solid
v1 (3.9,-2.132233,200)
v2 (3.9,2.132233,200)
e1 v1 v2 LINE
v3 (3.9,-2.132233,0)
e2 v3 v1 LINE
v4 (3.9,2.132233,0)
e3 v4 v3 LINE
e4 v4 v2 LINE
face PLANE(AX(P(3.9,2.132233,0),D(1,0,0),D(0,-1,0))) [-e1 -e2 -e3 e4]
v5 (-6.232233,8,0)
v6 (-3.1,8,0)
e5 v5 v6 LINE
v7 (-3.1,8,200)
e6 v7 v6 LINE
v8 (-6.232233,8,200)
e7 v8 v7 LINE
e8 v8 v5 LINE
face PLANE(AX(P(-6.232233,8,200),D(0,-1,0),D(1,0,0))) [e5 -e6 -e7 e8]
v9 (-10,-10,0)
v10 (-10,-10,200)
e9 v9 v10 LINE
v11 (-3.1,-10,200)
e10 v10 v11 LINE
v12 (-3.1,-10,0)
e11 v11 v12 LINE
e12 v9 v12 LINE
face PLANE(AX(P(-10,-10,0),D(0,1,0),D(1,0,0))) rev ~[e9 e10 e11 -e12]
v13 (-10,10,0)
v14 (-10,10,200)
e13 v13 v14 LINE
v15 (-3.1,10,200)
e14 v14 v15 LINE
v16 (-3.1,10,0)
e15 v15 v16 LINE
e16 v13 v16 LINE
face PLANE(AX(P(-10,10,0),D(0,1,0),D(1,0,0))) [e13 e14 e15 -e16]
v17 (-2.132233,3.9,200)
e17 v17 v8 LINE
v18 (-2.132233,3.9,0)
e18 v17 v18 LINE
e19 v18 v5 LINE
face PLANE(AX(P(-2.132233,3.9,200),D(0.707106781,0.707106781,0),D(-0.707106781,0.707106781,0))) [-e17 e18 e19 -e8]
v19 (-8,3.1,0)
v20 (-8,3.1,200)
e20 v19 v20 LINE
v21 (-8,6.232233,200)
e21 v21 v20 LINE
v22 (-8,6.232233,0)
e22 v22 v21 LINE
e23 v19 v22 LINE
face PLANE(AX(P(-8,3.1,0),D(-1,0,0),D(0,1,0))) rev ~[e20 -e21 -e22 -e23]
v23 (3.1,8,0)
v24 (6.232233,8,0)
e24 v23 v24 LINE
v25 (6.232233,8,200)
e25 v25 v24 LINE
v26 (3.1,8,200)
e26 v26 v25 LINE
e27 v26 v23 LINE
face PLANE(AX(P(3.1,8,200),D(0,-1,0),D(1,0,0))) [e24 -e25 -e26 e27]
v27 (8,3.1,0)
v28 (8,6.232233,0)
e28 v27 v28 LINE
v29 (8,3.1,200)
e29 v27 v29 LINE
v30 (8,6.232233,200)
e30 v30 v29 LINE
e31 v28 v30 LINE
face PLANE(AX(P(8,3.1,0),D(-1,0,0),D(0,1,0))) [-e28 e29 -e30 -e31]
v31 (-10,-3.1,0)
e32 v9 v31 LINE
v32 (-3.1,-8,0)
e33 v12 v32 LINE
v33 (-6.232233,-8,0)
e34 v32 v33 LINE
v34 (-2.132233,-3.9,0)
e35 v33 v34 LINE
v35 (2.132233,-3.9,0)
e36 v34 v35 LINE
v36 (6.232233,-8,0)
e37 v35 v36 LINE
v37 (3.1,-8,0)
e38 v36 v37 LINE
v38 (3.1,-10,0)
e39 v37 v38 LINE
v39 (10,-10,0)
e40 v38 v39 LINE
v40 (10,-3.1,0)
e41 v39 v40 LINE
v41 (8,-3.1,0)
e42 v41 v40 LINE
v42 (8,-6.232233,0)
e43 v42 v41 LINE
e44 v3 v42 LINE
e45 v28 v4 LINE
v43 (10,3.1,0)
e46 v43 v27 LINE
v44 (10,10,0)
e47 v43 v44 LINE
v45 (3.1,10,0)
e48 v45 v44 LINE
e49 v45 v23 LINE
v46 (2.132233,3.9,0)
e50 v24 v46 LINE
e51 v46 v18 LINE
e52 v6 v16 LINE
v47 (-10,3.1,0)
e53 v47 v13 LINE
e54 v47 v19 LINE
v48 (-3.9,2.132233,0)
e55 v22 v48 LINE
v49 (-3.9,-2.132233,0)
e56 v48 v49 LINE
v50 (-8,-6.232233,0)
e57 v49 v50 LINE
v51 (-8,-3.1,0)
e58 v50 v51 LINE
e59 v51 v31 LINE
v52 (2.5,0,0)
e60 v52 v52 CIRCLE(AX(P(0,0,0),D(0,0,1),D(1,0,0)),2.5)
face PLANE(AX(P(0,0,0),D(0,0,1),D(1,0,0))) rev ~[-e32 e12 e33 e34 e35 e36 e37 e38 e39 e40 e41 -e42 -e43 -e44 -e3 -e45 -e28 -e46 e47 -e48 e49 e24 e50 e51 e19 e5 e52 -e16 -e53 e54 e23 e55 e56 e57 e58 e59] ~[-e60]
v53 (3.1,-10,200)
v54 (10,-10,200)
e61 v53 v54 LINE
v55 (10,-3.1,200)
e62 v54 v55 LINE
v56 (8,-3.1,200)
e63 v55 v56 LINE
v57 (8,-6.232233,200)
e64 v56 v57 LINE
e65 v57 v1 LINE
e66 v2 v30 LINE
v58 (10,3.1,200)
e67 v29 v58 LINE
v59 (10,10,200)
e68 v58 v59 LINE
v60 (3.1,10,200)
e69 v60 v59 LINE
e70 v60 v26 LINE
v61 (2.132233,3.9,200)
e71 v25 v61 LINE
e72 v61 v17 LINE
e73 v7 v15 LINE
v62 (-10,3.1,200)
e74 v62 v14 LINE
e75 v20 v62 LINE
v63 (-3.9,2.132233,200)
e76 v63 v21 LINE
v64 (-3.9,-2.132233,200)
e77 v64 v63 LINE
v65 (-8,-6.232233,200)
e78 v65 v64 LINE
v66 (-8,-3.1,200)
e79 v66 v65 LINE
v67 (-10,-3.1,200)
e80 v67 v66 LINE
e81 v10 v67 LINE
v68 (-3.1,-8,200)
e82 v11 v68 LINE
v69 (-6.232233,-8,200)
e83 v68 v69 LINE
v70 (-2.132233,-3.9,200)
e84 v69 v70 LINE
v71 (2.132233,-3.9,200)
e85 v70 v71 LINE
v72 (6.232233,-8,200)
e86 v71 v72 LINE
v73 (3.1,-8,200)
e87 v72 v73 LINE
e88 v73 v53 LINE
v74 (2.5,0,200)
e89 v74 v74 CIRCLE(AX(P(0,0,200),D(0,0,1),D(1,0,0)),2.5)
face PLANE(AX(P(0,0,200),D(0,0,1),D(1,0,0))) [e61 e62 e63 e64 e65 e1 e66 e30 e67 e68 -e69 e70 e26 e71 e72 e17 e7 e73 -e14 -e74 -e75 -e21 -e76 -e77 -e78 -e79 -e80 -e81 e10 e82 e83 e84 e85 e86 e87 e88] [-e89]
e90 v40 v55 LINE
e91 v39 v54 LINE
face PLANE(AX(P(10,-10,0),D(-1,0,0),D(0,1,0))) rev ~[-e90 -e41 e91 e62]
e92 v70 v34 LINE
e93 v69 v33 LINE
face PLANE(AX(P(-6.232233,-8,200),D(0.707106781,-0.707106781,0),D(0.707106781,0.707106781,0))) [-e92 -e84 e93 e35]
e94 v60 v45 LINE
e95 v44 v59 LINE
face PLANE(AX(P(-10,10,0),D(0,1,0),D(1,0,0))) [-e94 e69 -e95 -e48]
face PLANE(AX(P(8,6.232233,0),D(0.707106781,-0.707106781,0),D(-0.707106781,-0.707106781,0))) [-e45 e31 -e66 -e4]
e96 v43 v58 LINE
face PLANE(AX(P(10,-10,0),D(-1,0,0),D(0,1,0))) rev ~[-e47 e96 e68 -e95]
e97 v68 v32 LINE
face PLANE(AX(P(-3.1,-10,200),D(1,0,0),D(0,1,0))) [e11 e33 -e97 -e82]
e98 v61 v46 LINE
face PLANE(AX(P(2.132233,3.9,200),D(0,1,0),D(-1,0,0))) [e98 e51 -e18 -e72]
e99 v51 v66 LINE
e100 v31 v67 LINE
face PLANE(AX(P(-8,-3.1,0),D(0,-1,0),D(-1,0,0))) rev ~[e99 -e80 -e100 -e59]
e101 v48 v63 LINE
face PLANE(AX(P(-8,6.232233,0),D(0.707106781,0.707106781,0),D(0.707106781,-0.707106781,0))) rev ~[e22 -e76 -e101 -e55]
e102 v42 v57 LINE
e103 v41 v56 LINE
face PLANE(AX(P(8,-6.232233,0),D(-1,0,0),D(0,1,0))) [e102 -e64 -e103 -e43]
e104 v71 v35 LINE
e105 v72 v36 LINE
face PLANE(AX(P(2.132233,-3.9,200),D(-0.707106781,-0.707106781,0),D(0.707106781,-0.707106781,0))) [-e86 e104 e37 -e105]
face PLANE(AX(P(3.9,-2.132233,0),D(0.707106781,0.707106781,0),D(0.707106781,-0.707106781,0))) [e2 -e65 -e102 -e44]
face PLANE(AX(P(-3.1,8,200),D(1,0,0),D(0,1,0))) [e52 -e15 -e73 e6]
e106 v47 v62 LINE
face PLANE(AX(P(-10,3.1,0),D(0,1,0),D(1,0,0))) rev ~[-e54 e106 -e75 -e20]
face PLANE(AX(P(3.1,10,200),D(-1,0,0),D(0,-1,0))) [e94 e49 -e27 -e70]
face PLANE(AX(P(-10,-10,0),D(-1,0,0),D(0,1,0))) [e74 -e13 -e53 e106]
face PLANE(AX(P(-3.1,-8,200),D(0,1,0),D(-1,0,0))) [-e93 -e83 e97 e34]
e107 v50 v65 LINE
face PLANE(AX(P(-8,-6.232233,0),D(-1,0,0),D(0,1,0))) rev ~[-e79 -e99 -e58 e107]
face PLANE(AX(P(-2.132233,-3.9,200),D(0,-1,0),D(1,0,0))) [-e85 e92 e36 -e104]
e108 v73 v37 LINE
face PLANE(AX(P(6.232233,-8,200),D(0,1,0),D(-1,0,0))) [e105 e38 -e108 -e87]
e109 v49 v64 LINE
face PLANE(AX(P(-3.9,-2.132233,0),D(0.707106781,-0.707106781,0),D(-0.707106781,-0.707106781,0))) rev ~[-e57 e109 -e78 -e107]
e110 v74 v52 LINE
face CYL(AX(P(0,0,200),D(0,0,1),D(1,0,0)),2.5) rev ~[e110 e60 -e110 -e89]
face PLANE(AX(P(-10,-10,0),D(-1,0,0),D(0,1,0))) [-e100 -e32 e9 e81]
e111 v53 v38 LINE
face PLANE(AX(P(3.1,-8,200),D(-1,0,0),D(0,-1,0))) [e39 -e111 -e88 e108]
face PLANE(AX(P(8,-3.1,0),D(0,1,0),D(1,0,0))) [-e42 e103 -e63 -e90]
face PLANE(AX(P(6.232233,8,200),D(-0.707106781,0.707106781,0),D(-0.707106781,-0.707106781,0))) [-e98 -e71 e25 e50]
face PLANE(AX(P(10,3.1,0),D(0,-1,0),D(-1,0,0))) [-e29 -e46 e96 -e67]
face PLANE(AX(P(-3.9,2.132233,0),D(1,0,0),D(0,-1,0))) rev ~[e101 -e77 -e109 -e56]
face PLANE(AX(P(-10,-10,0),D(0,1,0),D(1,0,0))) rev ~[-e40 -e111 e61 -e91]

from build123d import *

# Parameters (mm, degrees)
SKETCH_W        = 20
SKETCH_H        = 20
PAD_DEPTH       = 200
SKETCH001_R     = 2.5
POCKET_DEPTH    = 200.001
POCKET001_DEPTH = 200.001


with BuildPart() as part:
    # Sketch → Pad (new body)
    with BuildSketch(Plane.XY):
        Rectangle(SKETCH_W, SKETCH_H)
    extrude(amount=PAD_DEPTH)

    # Sketch001 (on Face6 of Pad) → Pocket (cut, through all)
    with BuildSketch(Plane.XY.offset(200)):
        Circle(SKETCH001_R)
        Polygon((-3.1, 10), (3.1, 10), (3.1, 8), (6.232233, 8), (2.132233, 3.9), (-2.132233, 3.9), (-6.232233, 8), (-3.1, 8), align=None)
        Polygon((-3.1, -8), (-6.232233, -8), (-2.132233, -3.9), (2.132233, -3.9), (6.232233, -8), (3.1, -8), (3.1, -10), (-3.1, -10), align=None)
    extrude(amount=-POCKET_DEPTH, mode=Mode.SUBTRACT)

    # Sketch002 (on Face2 of Pocket) → Pocket001 (cut, through all)
    with BuildSketch(Plane(origin=(0, 0, 0), x_dir=(1, 0, 0), z_dir=(0, 0, -1))):
        Polygon((-10, -3.1), (-8, -3.1), (-8, -6.232233), (-3.9, -2.132233), (-3.9, 2.132233), (-8, 6.232233), (-8, 3.1), (-10, 3.1), align=None)
        Polygon((3.9, -2.132233), (3.9, 2.132233), (8, 6.232233), (8, 3.1), (10, 3.1), (10, -3.1), (8, -3.1), (8, -6.232233), align=None)
    extrude(amount=-POCKET001_DEPTH, mode=Mode.SUBTRACT)


solid = part.part
